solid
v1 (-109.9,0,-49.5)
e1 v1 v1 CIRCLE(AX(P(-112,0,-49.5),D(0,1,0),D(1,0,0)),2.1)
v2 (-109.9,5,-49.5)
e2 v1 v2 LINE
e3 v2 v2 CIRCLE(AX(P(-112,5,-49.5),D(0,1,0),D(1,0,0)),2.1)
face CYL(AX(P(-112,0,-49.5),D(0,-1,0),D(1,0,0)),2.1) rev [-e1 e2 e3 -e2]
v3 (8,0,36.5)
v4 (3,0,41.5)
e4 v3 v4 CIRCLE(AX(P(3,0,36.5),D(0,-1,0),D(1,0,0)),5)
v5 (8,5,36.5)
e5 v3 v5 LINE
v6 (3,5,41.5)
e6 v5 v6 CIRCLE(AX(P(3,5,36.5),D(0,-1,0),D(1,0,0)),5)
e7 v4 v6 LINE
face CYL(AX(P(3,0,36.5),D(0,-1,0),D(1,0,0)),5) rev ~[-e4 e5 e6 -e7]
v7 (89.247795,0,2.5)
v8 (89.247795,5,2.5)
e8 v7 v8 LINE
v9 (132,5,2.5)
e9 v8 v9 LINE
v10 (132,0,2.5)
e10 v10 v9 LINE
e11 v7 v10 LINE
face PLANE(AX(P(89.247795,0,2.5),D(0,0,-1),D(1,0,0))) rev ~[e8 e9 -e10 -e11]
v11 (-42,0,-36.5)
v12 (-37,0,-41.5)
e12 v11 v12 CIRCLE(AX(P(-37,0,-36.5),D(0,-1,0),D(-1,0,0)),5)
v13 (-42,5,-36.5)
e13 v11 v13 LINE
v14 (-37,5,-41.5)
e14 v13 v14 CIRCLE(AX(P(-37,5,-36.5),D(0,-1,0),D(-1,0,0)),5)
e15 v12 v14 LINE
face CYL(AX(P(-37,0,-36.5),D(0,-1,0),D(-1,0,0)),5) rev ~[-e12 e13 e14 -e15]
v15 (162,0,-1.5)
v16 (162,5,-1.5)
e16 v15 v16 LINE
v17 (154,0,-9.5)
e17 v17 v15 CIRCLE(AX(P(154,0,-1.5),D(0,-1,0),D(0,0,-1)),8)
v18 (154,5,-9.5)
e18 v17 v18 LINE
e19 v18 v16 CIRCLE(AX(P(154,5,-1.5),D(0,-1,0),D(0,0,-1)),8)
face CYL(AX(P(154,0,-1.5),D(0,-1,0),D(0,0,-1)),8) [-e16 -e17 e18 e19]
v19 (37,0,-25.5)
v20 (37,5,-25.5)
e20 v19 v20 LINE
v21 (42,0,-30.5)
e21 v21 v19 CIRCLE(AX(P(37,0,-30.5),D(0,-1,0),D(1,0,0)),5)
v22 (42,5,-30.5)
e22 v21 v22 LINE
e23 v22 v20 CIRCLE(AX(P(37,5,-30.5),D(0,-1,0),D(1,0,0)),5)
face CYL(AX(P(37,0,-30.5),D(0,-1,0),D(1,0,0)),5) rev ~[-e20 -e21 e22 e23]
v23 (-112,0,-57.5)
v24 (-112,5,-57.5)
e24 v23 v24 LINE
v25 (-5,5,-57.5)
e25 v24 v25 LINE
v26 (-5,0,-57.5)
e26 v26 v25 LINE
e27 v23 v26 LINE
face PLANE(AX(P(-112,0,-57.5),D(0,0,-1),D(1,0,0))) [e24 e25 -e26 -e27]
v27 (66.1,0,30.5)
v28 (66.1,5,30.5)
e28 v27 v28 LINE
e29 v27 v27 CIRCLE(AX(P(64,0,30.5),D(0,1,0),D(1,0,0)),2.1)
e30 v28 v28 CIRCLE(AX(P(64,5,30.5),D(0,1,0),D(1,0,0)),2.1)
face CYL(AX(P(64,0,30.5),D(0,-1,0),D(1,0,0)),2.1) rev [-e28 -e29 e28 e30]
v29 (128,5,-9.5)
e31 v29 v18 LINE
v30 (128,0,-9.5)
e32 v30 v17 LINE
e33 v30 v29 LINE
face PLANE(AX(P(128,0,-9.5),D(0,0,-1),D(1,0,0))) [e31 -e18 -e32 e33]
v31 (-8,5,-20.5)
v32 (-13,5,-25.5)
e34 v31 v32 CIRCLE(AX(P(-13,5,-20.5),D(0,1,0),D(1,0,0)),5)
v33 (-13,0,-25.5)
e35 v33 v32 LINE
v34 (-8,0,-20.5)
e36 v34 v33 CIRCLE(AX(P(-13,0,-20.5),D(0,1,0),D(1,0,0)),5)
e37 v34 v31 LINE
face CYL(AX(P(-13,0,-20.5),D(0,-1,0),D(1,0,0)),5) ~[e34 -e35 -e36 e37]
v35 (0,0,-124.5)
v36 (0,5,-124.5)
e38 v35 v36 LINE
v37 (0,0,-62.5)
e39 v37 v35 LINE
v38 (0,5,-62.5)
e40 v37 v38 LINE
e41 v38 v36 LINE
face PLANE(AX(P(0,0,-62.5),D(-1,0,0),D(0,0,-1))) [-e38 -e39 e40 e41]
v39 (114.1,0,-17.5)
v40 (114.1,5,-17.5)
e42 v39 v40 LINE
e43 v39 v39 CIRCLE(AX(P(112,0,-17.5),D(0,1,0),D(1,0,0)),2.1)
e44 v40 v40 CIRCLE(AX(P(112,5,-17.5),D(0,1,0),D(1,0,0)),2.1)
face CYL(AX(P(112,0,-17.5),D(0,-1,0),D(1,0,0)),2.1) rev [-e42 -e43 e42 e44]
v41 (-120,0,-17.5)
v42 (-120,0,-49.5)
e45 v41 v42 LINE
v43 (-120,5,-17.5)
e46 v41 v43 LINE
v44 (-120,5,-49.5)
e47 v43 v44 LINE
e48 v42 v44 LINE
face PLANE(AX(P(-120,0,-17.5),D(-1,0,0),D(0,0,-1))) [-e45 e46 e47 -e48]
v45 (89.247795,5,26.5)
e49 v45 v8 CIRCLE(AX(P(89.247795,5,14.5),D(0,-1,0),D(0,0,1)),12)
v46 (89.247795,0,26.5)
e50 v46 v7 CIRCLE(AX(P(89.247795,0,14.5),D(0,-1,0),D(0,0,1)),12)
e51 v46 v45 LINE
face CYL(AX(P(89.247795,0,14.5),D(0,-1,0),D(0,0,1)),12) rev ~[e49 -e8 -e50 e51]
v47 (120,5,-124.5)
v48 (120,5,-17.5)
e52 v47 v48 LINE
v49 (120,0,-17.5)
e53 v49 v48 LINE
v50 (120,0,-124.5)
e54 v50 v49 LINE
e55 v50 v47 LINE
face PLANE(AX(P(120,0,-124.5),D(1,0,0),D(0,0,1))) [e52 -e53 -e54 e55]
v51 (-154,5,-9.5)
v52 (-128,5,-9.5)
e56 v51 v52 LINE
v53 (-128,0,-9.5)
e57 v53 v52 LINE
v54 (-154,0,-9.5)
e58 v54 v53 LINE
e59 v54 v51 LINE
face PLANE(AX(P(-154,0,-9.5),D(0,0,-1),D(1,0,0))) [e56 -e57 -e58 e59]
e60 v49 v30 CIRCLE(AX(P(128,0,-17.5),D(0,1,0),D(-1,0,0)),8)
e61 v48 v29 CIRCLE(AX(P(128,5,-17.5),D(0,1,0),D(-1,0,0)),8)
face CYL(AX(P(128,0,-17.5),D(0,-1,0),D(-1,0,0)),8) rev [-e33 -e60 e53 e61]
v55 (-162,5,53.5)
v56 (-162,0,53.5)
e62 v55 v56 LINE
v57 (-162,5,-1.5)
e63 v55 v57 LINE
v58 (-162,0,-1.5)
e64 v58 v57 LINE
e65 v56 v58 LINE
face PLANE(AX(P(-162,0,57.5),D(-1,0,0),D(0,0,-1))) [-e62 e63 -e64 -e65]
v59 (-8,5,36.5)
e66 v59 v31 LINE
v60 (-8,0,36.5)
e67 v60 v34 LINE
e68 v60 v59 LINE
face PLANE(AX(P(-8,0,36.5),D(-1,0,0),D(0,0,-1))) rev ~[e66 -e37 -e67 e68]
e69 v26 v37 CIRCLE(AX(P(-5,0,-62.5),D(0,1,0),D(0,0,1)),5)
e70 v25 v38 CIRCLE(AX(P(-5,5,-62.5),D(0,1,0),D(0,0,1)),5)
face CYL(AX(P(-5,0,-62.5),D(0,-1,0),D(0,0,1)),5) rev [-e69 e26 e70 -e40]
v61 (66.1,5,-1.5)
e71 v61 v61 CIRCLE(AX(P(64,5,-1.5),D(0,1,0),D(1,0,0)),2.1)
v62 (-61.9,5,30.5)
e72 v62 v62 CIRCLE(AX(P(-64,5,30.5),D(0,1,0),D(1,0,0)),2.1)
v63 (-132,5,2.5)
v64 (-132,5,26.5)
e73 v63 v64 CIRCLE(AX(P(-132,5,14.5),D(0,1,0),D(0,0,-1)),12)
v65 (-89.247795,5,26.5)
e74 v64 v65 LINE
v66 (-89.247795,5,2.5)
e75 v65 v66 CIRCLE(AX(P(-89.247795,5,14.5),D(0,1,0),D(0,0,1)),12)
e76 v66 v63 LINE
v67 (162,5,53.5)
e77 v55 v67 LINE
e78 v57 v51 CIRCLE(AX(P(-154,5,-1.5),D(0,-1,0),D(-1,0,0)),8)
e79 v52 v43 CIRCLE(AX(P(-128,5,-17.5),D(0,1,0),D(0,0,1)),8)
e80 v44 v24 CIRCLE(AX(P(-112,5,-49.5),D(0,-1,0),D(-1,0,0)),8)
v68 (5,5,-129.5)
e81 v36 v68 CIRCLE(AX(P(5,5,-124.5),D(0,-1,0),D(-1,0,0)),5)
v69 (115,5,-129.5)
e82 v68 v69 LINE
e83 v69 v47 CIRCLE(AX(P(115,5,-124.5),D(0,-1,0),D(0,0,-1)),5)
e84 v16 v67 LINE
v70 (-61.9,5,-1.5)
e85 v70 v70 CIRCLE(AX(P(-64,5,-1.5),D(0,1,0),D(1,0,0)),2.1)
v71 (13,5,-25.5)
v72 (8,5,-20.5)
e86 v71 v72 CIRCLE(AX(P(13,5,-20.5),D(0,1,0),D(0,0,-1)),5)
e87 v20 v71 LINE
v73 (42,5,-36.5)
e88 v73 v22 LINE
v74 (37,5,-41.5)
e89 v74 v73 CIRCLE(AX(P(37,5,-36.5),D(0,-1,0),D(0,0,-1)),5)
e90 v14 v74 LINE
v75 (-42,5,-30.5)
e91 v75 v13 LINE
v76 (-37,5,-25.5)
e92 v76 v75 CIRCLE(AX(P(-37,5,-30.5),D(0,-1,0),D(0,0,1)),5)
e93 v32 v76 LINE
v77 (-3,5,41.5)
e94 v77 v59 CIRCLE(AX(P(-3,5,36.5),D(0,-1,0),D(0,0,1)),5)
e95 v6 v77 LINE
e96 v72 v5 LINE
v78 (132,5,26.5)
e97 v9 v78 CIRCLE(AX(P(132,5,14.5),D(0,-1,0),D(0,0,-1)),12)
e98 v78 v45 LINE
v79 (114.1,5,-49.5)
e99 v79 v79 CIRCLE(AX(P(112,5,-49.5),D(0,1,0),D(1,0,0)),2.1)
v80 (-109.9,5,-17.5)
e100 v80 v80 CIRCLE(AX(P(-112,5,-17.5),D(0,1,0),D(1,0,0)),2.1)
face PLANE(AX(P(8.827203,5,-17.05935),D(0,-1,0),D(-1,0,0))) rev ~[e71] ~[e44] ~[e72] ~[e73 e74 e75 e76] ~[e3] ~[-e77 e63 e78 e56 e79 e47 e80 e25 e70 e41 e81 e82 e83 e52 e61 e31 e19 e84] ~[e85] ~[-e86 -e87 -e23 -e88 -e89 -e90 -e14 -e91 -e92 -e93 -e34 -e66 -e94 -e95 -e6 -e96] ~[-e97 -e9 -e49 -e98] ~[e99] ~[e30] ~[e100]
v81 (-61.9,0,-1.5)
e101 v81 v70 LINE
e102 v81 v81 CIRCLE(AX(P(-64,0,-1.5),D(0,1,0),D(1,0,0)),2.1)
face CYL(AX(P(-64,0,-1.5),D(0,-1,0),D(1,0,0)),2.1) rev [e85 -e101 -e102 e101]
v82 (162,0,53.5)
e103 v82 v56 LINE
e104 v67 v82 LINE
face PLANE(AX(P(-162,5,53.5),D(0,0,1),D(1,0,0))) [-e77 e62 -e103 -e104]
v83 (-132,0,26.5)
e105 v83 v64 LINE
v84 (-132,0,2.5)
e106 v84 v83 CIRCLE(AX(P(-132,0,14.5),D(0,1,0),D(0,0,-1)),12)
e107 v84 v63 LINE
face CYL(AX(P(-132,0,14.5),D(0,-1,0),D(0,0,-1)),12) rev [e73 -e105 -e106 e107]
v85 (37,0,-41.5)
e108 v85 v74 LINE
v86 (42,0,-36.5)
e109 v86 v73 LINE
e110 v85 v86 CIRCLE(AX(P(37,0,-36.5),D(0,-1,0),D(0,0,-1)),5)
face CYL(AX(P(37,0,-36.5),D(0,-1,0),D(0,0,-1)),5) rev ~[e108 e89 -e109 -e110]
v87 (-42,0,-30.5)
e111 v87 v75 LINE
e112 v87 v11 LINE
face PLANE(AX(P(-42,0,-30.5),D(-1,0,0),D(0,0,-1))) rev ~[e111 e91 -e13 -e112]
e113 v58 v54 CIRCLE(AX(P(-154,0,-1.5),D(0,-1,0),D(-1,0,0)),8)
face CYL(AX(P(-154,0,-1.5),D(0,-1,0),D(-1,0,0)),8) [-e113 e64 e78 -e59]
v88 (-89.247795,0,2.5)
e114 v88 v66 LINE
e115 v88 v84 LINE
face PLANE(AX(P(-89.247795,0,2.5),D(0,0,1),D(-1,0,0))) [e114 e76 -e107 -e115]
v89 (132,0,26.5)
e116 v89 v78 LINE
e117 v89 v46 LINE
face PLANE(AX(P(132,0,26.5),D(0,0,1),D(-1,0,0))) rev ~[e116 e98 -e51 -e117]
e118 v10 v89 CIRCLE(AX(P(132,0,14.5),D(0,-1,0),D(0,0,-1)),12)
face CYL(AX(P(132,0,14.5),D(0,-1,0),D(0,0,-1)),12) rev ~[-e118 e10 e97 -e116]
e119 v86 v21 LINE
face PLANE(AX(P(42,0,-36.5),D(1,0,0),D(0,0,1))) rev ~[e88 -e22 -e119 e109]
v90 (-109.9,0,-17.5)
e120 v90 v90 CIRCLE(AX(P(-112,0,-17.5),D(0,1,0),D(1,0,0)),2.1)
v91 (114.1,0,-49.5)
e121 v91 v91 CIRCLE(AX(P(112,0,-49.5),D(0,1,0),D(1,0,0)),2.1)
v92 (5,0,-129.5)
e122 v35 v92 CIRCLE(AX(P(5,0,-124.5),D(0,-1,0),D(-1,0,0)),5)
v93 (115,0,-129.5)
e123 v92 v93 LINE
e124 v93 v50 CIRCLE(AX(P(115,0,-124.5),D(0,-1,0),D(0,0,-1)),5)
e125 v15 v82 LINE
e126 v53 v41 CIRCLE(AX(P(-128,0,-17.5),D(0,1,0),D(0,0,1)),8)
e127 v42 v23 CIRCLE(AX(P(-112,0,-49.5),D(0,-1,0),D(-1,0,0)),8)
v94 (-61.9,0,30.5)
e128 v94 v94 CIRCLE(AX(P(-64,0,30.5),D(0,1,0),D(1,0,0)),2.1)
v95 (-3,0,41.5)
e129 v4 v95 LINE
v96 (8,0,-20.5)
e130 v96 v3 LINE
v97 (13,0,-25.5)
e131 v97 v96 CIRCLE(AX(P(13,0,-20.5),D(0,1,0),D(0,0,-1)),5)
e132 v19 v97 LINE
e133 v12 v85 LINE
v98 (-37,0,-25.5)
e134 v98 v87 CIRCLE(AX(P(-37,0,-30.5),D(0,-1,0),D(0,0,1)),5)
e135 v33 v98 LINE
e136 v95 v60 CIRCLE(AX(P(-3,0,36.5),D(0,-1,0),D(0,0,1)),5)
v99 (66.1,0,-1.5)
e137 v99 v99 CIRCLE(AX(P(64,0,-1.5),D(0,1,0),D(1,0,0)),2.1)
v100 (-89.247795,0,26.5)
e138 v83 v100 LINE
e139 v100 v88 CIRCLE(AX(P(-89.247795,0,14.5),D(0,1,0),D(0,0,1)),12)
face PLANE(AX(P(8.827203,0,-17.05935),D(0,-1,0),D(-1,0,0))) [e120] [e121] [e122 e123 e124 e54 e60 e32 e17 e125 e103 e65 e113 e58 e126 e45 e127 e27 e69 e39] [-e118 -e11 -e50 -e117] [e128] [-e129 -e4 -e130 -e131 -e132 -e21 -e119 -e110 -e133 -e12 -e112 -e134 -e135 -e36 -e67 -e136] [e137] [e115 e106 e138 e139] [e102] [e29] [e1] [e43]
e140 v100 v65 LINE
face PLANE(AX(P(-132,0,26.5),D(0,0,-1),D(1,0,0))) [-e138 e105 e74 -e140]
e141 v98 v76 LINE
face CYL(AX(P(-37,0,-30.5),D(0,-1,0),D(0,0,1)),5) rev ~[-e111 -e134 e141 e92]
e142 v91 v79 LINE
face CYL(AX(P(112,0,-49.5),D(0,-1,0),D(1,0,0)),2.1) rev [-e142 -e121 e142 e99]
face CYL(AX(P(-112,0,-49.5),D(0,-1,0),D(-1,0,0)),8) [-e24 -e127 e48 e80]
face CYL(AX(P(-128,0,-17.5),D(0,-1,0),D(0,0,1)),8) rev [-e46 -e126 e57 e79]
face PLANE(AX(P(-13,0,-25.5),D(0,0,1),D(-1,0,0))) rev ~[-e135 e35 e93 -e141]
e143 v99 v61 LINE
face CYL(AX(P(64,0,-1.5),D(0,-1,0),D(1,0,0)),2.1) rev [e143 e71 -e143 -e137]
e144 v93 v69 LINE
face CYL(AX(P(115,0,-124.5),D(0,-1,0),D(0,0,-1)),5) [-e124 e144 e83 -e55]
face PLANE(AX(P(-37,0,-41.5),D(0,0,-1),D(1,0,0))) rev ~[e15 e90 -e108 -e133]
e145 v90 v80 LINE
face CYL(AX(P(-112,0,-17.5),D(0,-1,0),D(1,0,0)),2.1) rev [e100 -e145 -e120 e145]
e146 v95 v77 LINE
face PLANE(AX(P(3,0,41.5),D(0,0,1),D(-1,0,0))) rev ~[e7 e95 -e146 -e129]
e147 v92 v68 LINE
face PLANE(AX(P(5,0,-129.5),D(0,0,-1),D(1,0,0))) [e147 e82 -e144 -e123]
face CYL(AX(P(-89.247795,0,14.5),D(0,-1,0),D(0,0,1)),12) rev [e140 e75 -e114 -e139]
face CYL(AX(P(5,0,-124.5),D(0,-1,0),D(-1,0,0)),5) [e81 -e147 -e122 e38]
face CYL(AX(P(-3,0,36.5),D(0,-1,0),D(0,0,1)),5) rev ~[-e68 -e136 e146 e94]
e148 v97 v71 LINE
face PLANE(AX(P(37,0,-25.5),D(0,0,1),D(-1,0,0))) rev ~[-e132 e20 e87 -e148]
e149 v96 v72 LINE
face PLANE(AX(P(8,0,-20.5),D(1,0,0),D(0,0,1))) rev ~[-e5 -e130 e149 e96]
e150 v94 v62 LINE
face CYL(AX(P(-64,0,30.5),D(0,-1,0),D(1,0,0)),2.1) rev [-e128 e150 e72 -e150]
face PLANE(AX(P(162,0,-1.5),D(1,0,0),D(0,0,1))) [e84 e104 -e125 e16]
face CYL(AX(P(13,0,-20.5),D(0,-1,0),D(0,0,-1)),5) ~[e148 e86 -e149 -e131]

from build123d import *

# Parameters (mm, degrees)
SKETCH1_R               = 2.1
BOSS_EXTRUDE2_DEPTH     = 5
SKETCH2_W               = 324
SKETCH2_H               = 4
CUT_EXTRUDE1_DEPTH      = 1
CUT_EXTRUDE1_DEPTH_BACK = 6


with BuildPart() as part:
    # Sketch1 → Boss-Extrude2 (new body)
    with BuildSketch(Plane(origin=(0, 0, 0), x_dir=(1, 0, 0), z_dir=(0, 1, 0))):
        with BuildLine():
            Line((-112, 57.5), (-5, 57.5))
            ThreePointArc((-5, 57.5), (-1.464466094, 58.964466094), (0, 62.5))
            Line((0, 62.5), (0, 124.5))
            ThreePointArc((0, 124.5), (1.464466094, 128.035533906), (5, 129.5))
            Line((5, 129.5), (115, 129.5))
            ThreePointArc((115, 129.5), (118.535533906, 128.035533906), (120, 124.5))
            Line((120, 124.5), (120, 49.5))
            Line((120, 49.5), (120, 17.5))
            ThreePointArc((120, 17.5), (122.343145751, 11.843145751), (128, 9.5))
            Line((128, 9.5), (154, 9.5))
            ThreePointArc((154, 9.5), (159.656854249, 7.156854249), (162, 1.5))
            Line((162, 1.5), (162, -57.5))
            Line((162, -57.5), (-162, -57.5))
            Line((-162, -57.5), (-162, 1.5))
            ThreePointArc((-162, 1.5), (-159.656854249, 7.156854249), (-154, 9.5))
            Line((-154, 9.5), (-128, 9.5))
            ThreePointArc((-128, 9.5), (-122.343145751, 11.843145751), (-120, 17.5))
            Line((-120, 17.5), (-120, 49.5))
            ThreePointArc((-120, 49.5), (-117.656854249, 55.156854249), (-112, 57.5))
        make_face()
        with Locations((112, 49.5)):
            Circle(SKETCH1_R, mode=Mode.SUBTRACT)
        with Locations((112, 17.5)):
            Circle(SKETCH1_R, mode=Mode.SUBTRACT)
        with Locations((64, -30.5)):
            Circle(SKETCH1_R, mode=Mode.SUBTRACT)
        with Locations((64, 1.5)):
            Circle(SKETCH1_R, mode=Mode.SUBTRACT)
        with Locations((-112, 17.5)):
            Circle(SKETCH1_R, mode=Mode.SUBTRACT)
        with Locations((-112, 49.5)):
            Circle(SKETCH1_R, mode=Mode.SUBTRACT)
        with Locations((-64, 1.5)):
            Circle(SKETCH1_R, mode=Mode.SUBTRACT)
        with Locations((-64, -30.5)):
            Circle(SKETCH1_R, mode=Mode.SUBTRACT)
        with BuildLine():
            Line((8, 20.5), (8, -36.5))
            ThreePointArc((8, -36.5), (6.535533906, -40.035533906), (3, -41.5))
            Line((3, -41.5), (-3, -41.5))
            ThreePointArc((-3, -41.5), (-6.535533906, -40.035533906), (-8, -36.5))
            Line((-8, -36.5), (-8, 20.5))
            ThreePointArc((-8, 20.5), (-9.464466094, 24.035533906), (-13, 25.5))
            Line((-13, 25.5), (-37, 25.5))
            ThreePointArc((-37, 25.5), (-40.535533906, 26.964466094), (-42, 30.5))
            Line((-42, 30.5), (-42, 36.5))
            ThreePointArc((-42, 36.5), (-40.535533906, 40.035533906), (-37, 41.5))
            Line((-37, 41.5), (37, 41.5))
            ThreePointArc((37, 41.5), (40.535533906, 40.035533906), (42, 36.5))
            Line((42, 36.5), (42, 30.5))
            ThreePointArc((42, 30.5), (40.535533906, 26.964466094), (37, 25.5))
            Line((37, 25.5), (13, 25.5))
            ThreePointArc((13, 25.5), (9.464466094, 24.035533906), (8, 20.5))
        make_face(mode=Mode.SUBTRACT)
        with BuildLine():
            Line((132, -26.5), (89.247795496, -26.5))
            ThreePointArc((89.247795496, -26.5), (77.247795496, -14.5), (89.247795496, -2.5))
            Line((89.247795496, -2.5), (132, -2.5))
            ThreePointArc((132, -2.5), (144, -14.5), (132, -26.5))
        make_face(mode=Mode.SUBTRACT)
        with BuildLine():
            Line((-132, -26.5), (-89.247795496, -26.5))
            ThreePointArc((-89.247795496, -26.5), (-77.247795496, -14.5), (-89.247795496, -2.5))
            Line((-89.247795496, -2.5), (-132, -2.5))
            ThreePointArc((-132, -2.5), (-144, -14.5), (-132, -26.5))
        make_face(mode=Mode.SUBTRACT)
    extrude(amount=BOSS_EXTRUDE2_DEPTH)

    # Sketch2 → Cut-Extrude1 (cut, two sides)
    with BuildSketch(Plane(origin=(0, 5, 0), x_dir=(1, 0, 0), z_dir=(0, 1, 0))) as cut_extrude1_sk:
        with Locations((0, -55.5)):
            Rectangle(SKETCH2_W, SKETCH2_H)
    extrude(amount=CUT_EXTRUDE1_DEPTH, mode=Mode.SUBTRACT)
    extrude(cut_extrude1_sk.sketch, amount=-CUT_EXTRUDE1_DEPTH_BACK, mode=Mode.SUBTRACT)


solid = part.part
